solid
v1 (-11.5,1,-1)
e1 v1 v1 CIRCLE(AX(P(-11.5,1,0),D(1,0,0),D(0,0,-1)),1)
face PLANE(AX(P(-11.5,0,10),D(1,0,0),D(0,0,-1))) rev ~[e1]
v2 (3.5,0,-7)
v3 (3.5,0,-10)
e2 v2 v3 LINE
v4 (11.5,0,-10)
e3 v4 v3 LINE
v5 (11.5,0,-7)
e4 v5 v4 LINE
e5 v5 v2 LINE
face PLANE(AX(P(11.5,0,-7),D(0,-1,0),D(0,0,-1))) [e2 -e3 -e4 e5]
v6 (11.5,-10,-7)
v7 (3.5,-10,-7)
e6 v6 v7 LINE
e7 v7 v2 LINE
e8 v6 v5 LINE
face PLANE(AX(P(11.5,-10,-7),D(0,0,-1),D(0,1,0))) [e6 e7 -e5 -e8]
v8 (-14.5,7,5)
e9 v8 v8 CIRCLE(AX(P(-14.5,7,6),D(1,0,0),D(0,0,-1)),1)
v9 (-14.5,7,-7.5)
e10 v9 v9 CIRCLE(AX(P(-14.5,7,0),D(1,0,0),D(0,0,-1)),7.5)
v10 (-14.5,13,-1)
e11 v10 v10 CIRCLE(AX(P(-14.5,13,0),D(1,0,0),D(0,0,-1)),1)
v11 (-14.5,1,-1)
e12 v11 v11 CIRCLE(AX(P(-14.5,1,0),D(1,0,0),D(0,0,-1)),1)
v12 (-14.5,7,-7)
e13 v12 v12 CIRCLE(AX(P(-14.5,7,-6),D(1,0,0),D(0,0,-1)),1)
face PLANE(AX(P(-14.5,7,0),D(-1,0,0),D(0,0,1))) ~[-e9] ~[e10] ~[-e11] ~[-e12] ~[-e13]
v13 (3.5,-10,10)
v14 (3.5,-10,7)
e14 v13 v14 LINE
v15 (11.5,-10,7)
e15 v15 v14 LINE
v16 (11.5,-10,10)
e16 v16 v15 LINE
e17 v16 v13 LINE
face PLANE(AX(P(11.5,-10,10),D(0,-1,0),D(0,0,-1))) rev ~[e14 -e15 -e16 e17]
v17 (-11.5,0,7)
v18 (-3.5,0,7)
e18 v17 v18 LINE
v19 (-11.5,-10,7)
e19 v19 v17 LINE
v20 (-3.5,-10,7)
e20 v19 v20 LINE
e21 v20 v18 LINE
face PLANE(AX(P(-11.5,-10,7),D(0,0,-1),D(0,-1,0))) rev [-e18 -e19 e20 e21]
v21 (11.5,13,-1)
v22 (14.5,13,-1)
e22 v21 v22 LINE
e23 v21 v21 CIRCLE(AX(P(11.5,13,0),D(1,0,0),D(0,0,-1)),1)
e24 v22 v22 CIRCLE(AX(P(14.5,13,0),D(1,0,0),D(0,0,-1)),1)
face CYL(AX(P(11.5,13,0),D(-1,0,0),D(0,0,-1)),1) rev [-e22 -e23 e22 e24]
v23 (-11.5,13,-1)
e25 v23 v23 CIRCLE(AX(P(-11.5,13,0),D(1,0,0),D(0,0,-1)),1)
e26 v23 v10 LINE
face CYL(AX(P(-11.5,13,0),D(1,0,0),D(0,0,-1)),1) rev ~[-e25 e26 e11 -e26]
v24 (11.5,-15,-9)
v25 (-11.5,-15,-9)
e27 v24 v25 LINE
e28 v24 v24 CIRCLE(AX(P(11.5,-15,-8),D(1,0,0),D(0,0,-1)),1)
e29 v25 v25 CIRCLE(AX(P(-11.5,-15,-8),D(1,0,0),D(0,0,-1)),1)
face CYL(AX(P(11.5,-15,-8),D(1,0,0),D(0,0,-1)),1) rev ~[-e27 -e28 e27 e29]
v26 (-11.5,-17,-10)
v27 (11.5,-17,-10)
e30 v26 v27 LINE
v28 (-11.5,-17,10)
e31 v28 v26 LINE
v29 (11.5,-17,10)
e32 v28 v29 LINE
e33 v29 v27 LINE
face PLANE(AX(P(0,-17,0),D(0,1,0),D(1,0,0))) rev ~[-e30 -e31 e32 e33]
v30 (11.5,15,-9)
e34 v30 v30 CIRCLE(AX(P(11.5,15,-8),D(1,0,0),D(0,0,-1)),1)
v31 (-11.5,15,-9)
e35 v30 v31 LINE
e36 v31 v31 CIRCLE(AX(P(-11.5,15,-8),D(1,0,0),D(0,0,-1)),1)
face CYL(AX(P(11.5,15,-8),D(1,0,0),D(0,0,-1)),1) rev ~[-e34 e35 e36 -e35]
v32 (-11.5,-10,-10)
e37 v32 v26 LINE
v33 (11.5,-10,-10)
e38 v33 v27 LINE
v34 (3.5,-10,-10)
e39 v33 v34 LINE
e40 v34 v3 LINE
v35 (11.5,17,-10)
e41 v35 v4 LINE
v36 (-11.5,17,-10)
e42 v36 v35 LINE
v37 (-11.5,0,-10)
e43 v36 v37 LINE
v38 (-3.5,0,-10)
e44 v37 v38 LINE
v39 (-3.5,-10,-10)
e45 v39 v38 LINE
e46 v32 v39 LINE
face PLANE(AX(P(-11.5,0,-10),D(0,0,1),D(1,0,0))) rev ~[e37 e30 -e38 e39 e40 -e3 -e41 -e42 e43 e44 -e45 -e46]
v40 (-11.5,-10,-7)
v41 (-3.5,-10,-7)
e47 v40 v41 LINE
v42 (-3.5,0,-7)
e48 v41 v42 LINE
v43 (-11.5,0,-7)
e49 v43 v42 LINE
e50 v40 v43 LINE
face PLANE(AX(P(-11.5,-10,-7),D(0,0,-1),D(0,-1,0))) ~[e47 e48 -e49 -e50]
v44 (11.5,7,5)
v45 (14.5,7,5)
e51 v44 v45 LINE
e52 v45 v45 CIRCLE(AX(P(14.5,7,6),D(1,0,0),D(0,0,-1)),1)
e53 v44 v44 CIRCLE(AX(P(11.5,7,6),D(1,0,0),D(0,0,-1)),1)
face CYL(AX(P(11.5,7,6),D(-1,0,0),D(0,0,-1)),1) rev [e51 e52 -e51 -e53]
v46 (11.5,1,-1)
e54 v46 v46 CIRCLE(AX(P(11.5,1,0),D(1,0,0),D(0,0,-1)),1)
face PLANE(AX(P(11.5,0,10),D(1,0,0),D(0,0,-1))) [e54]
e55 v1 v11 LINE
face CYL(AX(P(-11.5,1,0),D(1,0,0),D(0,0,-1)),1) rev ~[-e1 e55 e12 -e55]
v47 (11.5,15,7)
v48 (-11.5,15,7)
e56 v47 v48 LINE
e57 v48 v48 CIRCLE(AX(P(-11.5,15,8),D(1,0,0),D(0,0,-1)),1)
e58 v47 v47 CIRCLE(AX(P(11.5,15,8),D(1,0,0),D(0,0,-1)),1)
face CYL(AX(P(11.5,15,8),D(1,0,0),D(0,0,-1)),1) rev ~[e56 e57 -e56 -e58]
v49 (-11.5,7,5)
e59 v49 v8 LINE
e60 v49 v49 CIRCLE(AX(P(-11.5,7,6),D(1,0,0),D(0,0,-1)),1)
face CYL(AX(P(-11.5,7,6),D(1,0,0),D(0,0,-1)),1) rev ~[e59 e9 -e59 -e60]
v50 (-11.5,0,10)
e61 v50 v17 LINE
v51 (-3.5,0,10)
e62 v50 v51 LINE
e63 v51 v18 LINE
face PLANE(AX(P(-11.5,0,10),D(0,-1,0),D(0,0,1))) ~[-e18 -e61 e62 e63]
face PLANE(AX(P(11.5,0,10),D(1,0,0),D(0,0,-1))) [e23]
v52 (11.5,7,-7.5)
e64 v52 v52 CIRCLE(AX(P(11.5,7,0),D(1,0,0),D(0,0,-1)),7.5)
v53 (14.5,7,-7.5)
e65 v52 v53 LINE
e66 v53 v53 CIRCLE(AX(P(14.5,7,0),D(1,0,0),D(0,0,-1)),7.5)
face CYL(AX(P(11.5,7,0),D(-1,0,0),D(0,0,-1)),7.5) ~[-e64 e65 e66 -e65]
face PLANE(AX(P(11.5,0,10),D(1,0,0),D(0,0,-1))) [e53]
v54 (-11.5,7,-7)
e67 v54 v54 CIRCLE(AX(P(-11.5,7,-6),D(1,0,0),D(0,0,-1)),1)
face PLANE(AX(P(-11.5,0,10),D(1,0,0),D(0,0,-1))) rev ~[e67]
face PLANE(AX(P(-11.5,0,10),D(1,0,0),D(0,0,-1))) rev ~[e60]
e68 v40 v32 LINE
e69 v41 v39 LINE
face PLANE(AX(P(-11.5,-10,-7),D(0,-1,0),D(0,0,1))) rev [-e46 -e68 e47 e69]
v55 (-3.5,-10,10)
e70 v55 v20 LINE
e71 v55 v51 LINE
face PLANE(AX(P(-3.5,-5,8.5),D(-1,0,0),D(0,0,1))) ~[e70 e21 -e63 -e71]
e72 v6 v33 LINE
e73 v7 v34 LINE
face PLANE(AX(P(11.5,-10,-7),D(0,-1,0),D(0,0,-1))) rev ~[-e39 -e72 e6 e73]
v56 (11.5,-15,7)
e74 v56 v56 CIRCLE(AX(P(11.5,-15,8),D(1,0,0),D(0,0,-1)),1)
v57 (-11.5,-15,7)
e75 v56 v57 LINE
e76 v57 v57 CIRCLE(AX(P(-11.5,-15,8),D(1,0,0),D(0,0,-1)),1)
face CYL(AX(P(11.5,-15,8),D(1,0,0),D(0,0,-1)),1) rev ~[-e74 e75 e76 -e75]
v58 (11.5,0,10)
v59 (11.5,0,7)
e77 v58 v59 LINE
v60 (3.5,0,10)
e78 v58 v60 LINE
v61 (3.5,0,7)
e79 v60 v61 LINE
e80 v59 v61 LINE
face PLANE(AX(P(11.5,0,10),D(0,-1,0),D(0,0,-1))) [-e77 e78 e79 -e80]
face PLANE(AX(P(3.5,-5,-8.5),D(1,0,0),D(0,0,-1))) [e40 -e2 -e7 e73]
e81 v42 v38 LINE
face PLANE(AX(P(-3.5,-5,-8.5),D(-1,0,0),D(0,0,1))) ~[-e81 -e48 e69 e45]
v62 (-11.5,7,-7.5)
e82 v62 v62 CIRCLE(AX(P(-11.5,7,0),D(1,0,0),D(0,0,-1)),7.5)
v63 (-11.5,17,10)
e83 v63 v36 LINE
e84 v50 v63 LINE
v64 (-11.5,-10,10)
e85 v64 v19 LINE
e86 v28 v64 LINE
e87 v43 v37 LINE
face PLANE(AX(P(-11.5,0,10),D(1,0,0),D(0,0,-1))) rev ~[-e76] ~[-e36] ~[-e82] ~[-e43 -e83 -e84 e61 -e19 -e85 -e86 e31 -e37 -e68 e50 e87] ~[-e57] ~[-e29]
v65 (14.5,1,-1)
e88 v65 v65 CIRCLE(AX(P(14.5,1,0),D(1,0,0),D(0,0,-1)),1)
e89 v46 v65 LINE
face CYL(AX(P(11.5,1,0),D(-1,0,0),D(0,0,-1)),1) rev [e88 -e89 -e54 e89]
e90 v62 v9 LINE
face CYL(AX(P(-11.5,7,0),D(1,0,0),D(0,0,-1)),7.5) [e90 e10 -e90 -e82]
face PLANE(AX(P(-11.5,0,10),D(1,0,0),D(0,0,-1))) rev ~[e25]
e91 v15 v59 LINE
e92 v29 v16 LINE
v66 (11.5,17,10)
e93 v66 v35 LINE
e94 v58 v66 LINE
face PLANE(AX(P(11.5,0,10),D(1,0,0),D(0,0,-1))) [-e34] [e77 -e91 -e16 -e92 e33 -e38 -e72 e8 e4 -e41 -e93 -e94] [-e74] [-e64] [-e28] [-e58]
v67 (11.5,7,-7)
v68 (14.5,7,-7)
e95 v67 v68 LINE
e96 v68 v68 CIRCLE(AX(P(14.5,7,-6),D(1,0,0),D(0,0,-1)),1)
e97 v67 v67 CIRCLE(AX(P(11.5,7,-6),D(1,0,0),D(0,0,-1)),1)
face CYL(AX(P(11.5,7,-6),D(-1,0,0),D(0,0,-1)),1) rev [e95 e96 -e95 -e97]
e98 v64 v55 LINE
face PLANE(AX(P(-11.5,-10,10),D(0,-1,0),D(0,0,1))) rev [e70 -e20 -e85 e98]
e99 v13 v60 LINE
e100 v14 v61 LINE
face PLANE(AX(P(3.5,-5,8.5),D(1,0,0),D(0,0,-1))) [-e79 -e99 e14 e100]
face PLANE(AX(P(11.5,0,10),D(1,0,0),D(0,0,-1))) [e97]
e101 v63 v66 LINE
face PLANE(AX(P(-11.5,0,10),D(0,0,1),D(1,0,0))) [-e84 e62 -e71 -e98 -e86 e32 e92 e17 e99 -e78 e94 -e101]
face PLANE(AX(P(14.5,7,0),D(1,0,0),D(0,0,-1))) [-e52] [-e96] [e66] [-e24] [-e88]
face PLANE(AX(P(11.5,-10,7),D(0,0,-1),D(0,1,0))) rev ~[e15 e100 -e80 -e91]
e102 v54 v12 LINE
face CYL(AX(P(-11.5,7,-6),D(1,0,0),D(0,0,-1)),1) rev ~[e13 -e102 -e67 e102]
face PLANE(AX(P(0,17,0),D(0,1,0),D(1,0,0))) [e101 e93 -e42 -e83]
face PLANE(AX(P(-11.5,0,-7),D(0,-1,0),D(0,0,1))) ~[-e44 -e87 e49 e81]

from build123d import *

# Parameters (mm, degrees)
SKETCH1_W           = 23
SKETCH1_H           = 20
BOSS_EXTRUDE1_DEPTH = 17
SKETCH2_R           = 7.5
SKETCH2_R_2         = 1
BOSS_EXTRUDE2_DEPTH = 3
SKETCH3_W           = 3
SKETCH3_H           = 10
CUT_EXTRUDE1_DEPTH  = 8
SKETCH4_R           = 1
CUT_EXTRUDE2_DEPTH  = 33.634337744


with BuildPart() as part:
    # Sketch1 → Boss-Extrude1 (new, symmetric)
    with BuildSketch(Plane(origin=(0, 0, 0), x_dir=(1, 0, 0), z_dir=(0, 1, 0))):
        Rectangle(SKETCH1_W, SKETCH1_H)
    extrude(amount=BOSS_EXTRUDE1_DEPTH, both=True)

    # Sketch2 → Boss-Extrude2 (add)
    with BuildSketch(Plane(origin=(11.5, 0, 0), x_dir=(0, 0, -1), z_dir=(1, 0, 0))):
        with Locations((0, 7)):
            Circle(SKETCH2_R)
        with Locations((0, 13)):
            Circle(SKETCH2_R_2, mode=Mode.SUBTRACT)
        with Locations((6, 7)):
            Circle(SKETCH2_R_2, mode=Mode.SUBTRACT)
        with Locations((0, 1)):
            Circle(SKETCH2_R_2, mode=Mode.SUBTRACT)
        with Locations((-6, 7)):
            Circle(SKETCH2_R_2, mode=Mode.SUBTRACT)
    boss_extrude2 = extrude(amount=BOSS_EXTRUDE2_DEPTH)

    # Mirror1: Boss-Extrude2 across plane
    add(boss_extrude2.mirror(Plane(origin=(0, 0, 0), x_dir=(0, 0, 1), z_dir=(1, 0, 0))))

    # Sketch3 → Cut-Extrude1 (cut)
    with BuildSketch(Plane(origin=(11.5, 0, 0), x_dir=(0, 0, -1), z_dir=(1, 0, 0))):
        with Locations((-8.5, -5)):
            Rectangle(SKETCH3_W, SKETCH3_H)
        with Locations((8.5, -5)):
            Rectangle(SKETCH3_W, SKETCH3_H)
    cut_extrude1 = extrude(amount=-CUT_EXTRUDE1_DEPTH, mode=Mode.SUBTRACT)

    # Mirror2: Cut-Extrude1 across plane
    add(cut_extrude1.mirror(Plane(origin=(0, 0, 0), x_dir=(0, 0, 1), z_dir=(1, 0, 0))), mode=Mode.SUBTRACT)

    # Sketch4 → Cut-Extrude2 (cut, through all)
    with BuildSketch(Plane(origin=(11.5, 0, 0), x_dir=(0, 0, -1), z_dir=(1, 0, 0))):
        with Locations((-8, 15)):
            Circle(SKETCH4_R)
        with Locations((8, 15)):
            Circle(SKETCH4_R)
        with Locations((-8, -15)):
            Circle(SKETCH4_R)
        with Locations((8, -15)):
            Circle(SKETCH4_R)
    extrude(amount=-CUT_EXTRUDE2_DEPTH, mode=Mode.SUBTRACT)


solid = part.part
